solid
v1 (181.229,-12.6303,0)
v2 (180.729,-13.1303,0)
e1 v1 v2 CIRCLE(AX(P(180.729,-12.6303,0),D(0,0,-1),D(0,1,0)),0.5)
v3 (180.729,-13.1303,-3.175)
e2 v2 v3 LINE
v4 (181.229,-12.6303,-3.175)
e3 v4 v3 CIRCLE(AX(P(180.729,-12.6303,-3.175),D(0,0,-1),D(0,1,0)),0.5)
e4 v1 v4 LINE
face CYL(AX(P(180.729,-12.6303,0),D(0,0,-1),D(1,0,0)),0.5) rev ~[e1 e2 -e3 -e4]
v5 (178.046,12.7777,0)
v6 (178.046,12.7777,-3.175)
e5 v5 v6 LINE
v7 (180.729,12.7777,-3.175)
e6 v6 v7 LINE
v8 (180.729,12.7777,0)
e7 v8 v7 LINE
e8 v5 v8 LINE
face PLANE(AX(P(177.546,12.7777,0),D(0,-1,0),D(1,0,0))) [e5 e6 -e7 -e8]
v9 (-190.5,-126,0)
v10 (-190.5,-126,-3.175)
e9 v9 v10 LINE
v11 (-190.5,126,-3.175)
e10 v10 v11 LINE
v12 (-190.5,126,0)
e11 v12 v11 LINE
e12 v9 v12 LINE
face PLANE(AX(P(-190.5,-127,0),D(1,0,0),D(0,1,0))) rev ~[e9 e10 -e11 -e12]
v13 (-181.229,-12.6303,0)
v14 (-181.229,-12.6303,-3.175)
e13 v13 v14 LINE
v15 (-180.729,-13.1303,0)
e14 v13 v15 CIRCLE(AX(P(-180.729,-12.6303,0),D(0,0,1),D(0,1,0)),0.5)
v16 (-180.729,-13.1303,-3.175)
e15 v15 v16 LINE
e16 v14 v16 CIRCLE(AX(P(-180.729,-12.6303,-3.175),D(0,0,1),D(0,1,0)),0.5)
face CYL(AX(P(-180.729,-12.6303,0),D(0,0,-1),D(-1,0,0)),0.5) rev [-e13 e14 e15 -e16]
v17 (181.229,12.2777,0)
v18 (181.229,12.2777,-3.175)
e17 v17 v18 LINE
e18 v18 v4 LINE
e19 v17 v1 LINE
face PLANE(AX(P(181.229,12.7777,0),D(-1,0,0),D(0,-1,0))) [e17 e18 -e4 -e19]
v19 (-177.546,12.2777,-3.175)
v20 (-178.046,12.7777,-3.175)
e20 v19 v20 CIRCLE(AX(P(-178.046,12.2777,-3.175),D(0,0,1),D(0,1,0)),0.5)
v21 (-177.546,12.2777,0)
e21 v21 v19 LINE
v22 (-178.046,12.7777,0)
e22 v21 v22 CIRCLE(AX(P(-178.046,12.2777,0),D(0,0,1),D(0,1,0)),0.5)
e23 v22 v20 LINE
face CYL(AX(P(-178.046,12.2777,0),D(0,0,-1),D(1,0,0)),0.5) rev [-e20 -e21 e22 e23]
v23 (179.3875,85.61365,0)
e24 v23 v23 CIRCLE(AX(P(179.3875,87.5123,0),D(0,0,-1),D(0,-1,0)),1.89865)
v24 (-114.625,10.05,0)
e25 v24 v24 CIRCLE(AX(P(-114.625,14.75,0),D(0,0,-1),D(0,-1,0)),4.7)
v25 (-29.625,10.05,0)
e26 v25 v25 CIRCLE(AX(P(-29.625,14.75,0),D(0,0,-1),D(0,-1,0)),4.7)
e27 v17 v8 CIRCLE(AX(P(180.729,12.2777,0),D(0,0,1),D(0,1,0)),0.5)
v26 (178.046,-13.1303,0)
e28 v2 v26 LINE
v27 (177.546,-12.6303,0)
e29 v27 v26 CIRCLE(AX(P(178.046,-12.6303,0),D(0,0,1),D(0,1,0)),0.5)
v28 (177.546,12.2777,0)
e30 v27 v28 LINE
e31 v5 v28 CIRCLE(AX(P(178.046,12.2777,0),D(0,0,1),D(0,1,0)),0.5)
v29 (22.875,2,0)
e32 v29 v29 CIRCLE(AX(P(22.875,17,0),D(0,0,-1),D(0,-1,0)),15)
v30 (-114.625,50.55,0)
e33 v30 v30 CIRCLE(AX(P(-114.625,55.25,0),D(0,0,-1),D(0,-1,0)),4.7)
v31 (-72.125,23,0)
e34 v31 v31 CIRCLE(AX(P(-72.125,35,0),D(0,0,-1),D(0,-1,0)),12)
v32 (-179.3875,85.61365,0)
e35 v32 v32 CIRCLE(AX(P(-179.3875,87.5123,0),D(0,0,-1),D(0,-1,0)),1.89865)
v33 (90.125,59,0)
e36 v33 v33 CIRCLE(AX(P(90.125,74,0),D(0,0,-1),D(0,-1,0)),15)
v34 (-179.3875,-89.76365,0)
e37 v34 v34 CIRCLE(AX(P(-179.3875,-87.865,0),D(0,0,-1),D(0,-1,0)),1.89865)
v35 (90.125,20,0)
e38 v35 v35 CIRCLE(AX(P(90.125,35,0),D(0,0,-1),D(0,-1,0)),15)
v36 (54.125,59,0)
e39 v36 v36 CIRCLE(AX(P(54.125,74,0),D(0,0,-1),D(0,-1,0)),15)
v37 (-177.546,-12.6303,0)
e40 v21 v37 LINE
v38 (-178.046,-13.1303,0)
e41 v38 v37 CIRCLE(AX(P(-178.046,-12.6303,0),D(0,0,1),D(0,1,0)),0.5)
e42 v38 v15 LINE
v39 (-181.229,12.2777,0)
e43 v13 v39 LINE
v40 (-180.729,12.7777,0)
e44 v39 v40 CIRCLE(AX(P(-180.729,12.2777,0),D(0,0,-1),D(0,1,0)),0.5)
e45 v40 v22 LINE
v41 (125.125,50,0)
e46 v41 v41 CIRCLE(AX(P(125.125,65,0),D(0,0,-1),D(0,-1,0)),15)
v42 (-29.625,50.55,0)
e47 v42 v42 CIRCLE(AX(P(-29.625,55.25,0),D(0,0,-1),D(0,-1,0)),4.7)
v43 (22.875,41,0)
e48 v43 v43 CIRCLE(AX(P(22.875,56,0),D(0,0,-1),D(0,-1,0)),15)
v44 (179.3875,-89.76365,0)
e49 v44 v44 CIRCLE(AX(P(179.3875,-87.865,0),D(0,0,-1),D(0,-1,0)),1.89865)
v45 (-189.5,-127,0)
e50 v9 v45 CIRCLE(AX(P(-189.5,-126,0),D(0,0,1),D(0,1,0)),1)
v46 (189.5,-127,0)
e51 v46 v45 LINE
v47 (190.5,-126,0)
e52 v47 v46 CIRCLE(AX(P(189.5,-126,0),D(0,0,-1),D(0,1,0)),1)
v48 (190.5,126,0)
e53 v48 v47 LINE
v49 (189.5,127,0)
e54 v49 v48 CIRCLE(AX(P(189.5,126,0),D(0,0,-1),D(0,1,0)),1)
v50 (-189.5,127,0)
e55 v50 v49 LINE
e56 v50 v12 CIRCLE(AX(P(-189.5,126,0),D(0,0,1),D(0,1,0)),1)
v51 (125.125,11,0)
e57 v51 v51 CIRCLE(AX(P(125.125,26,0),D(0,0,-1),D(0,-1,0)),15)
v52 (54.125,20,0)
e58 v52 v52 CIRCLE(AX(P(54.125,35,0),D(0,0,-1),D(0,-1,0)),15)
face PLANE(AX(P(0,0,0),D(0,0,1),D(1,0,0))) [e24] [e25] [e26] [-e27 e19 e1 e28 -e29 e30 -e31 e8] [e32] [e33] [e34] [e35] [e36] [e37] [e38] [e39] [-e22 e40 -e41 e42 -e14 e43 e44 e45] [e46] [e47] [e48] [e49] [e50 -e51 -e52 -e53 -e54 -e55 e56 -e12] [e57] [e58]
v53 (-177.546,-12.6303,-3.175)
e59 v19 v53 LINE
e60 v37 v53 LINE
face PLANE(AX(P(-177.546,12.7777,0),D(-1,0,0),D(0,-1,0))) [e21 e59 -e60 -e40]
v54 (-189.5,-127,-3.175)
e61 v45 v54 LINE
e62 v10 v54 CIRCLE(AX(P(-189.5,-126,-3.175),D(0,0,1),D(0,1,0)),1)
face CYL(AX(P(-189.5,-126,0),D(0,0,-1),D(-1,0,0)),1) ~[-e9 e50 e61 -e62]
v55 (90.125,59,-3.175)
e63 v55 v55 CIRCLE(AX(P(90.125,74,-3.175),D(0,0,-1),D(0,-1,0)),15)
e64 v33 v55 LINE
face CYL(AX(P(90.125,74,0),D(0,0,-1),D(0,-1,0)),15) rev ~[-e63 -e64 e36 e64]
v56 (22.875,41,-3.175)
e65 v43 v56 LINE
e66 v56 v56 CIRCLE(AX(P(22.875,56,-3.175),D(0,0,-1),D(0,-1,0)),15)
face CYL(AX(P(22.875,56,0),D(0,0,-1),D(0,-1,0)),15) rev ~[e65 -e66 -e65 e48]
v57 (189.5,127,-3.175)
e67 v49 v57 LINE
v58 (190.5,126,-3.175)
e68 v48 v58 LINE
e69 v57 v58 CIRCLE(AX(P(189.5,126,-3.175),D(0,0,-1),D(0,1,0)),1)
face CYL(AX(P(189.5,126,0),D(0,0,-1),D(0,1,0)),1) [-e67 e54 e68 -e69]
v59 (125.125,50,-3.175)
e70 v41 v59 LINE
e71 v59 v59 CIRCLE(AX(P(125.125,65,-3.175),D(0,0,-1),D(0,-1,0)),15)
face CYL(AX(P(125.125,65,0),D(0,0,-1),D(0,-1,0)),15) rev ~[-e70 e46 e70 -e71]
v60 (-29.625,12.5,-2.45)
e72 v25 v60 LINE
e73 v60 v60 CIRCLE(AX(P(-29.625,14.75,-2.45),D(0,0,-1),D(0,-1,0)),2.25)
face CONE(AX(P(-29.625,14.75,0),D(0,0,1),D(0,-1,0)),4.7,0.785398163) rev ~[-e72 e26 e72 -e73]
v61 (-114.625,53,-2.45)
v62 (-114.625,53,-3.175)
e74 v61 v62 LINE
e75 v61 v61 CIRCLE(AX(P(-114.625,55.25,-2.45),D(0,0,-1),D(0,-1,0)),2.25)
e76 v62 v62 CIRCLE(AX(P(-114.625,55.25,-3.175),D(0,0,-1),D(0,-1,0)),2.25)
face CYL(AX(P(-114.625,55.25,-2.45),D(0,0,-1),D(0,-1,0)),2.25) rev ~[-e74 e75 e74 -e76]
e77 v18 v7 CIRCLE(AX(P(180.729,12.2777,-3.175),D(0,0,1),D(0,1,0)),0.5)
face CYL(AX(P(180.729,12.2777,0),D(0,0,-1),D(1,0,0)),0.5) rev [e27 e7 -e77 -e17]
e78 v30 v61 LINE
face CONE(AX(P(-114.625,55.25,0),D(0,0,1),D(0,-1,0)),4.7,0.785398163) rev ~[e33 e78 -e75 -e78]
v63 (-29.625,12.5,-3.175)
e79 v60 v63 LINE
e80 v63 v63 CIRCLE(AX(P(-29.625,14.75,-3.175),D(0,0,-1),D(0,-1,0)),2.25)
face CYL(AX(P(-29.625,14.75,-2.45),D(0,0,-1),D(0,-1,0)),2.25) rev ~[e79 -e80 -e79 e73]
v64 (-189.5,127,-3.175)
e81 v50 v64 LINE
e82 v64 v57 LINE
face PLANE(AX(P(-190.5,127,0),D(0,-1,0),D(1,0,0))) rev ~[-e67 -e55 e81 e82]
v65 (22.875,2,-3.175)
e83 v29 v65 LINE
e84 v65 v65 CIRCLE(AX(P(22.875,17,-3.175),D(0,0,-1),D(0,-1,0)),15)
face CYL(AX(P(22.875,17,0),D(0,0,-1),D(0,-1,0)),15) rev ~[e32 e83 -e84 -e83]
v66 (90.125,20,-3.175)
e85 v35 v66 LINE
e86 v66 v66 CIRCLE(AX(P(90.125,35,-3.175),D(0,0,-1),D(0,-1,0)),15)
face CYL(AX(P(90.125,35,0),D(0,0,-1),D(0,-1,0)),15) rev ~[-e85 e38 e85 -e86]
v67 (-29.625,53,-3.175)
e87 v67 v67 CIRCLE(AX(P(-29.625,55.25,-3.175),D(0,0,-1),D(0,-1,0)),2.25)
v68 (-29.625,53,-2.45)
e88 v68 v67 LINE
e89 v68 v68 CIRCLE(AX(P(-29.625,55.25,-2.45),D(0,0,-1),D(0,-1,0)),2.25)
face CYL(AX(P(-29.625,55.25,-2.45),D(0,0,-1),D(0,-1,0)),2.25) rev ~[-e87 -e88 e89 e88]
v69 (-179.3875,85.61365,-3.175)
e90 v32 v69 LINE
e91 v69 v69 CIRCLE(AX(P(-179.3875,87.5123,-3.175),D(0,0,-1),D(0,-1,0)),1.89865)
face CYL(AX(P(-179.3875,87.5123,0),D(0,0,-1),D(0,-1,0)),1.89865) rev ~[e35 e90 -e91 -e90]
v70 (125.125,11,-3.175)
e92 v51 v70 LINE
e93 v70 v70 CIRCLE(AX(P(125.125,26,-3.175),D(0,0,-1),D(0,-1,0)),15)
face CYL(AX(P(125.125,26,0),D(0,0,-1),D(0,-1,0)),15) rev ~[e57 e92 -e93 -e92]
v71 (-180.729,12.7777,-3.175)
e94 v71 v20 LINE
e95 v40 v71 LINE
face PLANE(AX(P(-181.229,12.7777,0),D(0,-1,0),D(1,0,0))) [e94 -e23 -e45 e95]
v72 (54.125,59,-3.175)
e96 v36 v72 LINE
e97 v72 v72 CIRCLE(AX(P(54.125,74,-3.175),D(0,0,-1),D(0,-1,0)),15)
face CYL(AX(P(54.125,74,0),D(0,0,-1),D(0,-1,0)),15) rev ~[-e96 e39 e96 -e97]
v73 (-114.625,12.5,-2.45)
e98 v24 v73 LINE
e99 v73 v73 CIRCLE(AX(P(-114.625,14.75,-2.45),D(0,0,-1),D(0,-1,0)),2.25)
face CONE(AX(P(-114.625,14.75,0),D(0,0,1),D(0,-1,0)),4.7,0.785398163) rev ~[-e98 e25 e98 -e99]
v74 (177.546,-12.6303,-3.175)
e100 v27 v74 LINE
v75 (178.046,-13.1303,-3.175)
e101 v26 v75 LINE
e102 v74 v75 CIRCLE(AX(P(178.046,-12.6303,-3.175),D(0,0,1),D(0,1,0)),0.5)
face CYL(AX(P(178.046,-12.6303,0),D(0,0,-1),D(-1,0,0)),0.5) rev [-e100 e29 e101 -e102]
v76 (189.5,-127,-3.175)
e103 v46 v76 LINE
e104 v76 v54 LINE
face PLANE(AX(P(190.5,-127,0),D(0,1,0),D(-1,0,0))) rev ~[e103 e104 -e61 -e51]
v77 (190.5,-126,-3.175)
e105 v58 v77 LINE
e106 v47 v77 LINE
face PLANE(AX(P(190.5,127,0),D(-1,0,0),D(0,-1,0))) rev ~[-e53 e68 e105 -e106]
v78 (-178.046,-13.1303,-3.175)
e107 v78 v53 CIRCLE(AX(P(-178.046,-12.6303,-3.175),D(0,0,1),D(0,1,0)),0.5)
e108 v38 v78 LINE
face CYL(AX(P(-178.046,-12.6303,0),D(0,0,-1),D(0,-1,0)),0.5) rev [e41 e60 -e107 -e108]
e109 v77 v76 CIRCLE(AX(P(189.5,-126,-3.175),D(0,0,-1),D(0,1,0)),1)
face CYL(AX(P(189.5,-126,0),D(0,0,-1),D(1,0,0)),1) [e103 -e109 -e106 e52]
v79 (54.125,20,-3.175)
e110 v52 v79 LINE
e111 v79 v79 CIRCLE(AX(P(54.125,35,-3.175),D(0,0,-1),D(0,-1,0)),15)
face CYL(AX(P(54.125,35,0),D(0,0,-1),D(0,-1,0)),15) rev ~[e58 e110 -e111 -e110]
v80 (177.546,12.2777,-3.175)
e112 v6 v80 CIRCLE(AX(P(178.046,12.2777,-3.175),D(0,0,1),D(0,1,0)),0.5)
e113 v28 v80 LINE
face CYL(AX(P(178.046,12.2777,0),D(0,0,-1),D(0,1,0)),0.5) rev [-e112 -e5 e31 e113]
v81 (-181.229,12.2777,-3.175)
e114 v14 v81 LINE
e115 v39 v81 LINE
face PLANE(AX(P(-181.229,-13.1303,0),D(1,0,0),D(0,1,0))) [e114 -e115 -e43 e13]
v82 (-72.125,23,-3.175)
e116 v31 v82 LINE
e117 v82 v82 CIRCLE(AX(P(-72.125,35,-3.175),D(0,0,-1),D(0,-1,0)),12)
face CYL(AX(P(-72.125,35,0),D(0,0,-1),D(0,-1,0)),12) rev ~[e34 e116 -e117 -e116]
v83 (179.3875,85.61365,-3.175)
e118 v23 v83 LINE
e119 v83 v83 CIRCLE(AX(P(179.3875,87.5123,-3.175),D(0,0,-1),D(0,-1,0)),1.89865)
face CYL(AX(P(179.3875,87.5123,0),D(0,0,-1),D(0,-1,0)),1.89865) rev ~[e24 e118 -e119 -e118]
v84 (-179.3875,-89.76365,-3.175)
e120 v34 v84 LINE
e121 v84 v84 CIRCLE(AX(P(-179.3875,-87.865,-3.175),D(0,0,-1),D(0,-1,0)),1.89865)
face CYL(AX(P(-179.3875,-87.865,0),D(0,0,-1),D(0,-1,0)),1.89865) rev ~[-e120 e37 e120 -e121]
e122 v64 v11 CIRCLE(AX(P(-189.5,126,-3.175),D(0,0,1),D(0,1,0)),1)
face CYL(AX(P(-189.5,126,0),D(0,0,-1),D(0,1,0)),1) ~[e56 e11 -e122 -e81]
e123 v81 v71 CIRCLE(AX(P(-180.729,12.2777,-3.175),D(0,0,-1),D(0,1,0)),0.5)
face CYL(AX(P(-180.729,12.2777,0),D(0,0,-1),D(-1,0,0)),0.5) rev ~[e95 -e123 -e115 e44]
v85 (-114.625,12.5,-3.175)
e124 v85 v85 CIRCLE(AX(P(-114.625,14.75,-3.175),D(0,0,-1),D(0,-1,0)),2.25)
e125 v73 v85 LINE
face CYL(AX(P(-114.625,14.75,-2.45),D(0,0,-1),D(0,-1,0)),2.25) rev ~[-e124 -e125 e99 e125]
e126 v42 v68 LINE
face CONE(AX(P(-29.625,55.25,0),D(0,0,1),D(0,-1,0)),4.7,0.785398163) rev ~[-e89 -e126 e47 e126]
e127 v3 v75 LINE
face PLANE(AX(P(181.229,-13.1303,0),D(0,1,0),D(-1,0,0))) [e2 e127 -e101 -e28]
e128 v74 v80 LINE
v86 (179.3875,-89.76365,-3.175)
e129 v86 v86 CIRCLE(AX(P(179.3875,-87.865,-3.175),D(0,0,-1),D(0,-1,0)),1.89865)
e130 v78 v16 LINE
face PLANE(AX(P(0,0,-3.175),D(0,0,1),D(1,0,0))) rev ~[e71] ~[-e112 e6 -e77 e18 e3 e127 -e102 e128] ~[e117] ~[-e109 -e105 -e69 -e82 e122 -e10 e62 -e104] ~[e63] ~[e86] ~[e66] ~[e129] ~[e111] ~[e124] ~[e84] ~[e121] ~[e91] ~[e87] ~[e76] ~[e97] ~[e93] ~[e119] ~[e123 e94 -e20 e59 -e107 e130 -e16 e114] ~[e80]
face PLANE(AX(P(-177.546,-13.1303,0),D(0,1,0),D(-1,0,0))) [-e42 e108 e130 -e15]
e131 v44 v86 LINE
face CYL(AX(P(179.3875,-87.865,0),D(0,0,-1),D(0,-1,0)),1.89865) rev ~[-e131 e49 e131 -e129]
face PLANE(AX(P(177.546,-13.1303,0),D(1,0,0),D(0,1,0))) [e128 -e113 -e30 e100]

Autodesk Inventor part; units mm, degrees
ref_plane "YZ Plane" through (0, 0, 0) normal (1, 0, 0) x (0, 1, 0)
ref_plane "XZ Plane" through (0, 0, 0) normal (0, 1, 0) x (-1, 0, 0)
ref_plane "XY Plane" through (0, 0, 0) normal (0, 0, 1) x (1, 0, 0)
sketch "Panel" plane through (0, 0, 0) normal (0, 0, 1) x (1, 0, 0)
  line L0 (-190.5, 127) -> (190.5, 127)
  line L1 (190.5, 127) -> (190.5, -127)
  line L2 (190.5, -127) -> (-190.5, -127)
  line L3 (-190.5, -127) -> (-190.5, 127)
  point P0 (0, 0)
  point P1 (-190.5, 0)
  point P2 (0, 127)
  dimension "d0" = 254
  dimension "d3" = 381
sketch "JoystickMount" plane through (0, 0, 0) normal (0, 0, 1) x (1, 0, 0)
  line L0 (-114.625, 55.25) -> (-114.625, 14.75) construction
  line L1 (-114.625, 14.75) -> (-29.625, 14.75) construction
  point P0 (0, 0)
  point P1 (-72.125, 35)
  point P2 (-29.625, 55.25)
  point P3 (-114.625, 35)
  point P4 (-72.125, 14.75)
  dimension "d4" = 40.5
  dimension "d6" = 85
  dimension "d19" = 35
  dimension "d45" = 72.125
sketch "ButtonMounts" plane through (0, 0, 0) normal (0, 0, 1) x (1, 0, 0)
  line L0 (54.125, 74) -> (54.125, 35) construction
  line L1 (54.125, 35) -> (90.125, 35) construction
  point P0 (0, 0)
  point P1 (22.875, 56)
  point P2 (22.875, 17)
  point P3 (90.125, 74)
  point P4 (125.125, 65)
  point P5 (125.125, 26)
  point P6 (-72.125, 35)
  point P7 (72.125, 54.5)
  point P8 (54.125, 54.5)
  point P9 (72.125, 35)
  dimension "d7" = 39
  dimension "d9" = 39
  dimension "d10" = 39
  dimension "d11" = 39
  dimension "d12" = 31.25
  dimension "d13" = 36
  dimension "d14" = 35
  dimension "d15" = 18
  dimension "d16" = 9
  dimension "d55" = 144.25
  dimension "d56" = 72.125
extrude "PanelExtrusion" add sketch "Panel" against normal blind 3.175
hole "JoystickScrews" at (-29.625, 14.75, 0) at (-29.625, 55.25, 0) at (-114.625, 55.25, 0) at (-114.625, 14.75, 0) direction (0, 0, -1) diameter 4.5 end through all countersink diameter 9.4 countersink angle 90 clearance for "Flat Head Machine Screw" size "M4" standard "Ansi Metric M Profile"
hole "JoystickShaft" at (-72.125, 35, 0) direction (0, 0, -1) diameter 24 end through all
hole "ButtonHoles" at (125.125, 26, 0) at (90.125, 35, 0) at (90.125, 74, 0) at (125.125, 65, 0) at (54.125, 74, 0) at (54.125, 35, 0) at (22.875, 56, 0) at (22.875, 17, 0) direction (0, 0, -1) diameter 30 end through all
fillet "Corners" radius 1 4 edges at (190.5, 127, -1.5875) (190.5, -127, -1.5875) (-190.5, 127, -1.5875) (-190.5, -127, -1.5875)
ref_plane "10DegOffsetAlignment" through (190.5, -127, -3.175) normal (0, -0.9848, 0.1736) x (-1, 0, 0)
sketch "ScrewHoleCenters" plane through (0, 0, 0) normal (0, 0, 1) x (1, 0, 0)
  line L0 (-190.5, -126) -> (-190.5, 126) projected
  line L1 (-177.8, 89.411) -> (-180.975, 89.411) projected
  line L2 (-180.975, 85.6137) -> (-177.8, 85.6137) projected
  line L3 (-177.8, -85.9663) -> (-180.975, -85.9663) projected
  line L4 (-180.975, -89.7636) -> (-177.8, -89.7636) projected
  line L5 (177.8, -89.7636) -> (180.975, -89.7636) projected
  line L6 (180.975, -85.9663) -> (177.8, -85.9663) projected
  line L7 (177.8, 85.6137) -> (180.975, 85.6137) projected
  line L8 (180.975, 89.411) -> (177.8, 89.411) projected
  line L9 (-180.975, 89.411) -> (-180.975, 85.6137) construction
  line L10 (-177.8, 85.6137) -> (-177.8, 89.411) construction
  line L11 (-180.975, -85.9663) -> (-180.975, -89.7636) construction
  line L12 (-177.8, -89.7636) -> (-177.8, -85.9663) construction
  line L13 (177.8, -89.7636) -> (177.8, -85.9663) construction
  line L14 (180.975, -85.9663) -> (180.975, -89.7636) construction
  line L15 (177.8, 85.6137) -> (177.8, 89.411) construction
  line L16 (180.975, 89.411) -> (180.975, 85.6137) construction
  point P0 (0, 0)
  point P1 (-179.3875, 87.5123)
  point P2 (-177.8, 87.5123)
  point P3 (-179.3875, 85.6137)
  point P4 (-179.3875, -87.865)
  point P5 (179.3875, -87.865)
  point P6 (179.3875, 87.5123)
  point P7 (-179.3875, -89.7636)
  point P8 (-180.975, -87.865)
  point P9 (177.8, -87.865)
  point P10 (179.3875, -89.7636)
  point P11 (179.3875, 85.6137)
  point P12 (177.8, 87.5123)
hole "PanelBoltHoles" at (-179.3875, 87.5123, 0) at (-179.3875, -87.865, 0) at (179.3875, -87.865, 0) at (179.3875, 87.5123, 0) direction (0, 0, -1) diameter 3.7973 end through all
sketch "TabSlotSketch" plane through (0, 0, 0) normal (0, 0, 1) x (1, 0, 0)
  circle A0 centre (179.3875, -87.865) radius 1.8986 projected
  circle A1 centre (-179.3875, 87.5123) radius 1.8986 projected
  circle A2 centre (-179.3875, -87.865) radius 1.8986 projected
  circle A3 centre (179.3875, 87.5123) radius 1.8986 projected
  line L0 (190.5, 126) -> (190.5, -126) projected
  line L1 (-190.5, -126) -> (-190.5, 126) projected
  line L2 (-179.3875, 87.5123) -> (-179.3875, -87.865) construction
  line L3 (179.3875, 87.5123) -> (179.3875, -87.865) construction
  line L4 (-181.229, 12.7777) -> (-177.546, 12.7777)
  line L5 (-177.546, 12.7777) -> (-177.546, -13.1303)
  line L6 (-177.546, -13.1303) -> (-181.229, -13.1303)
  line L7 (-181.229, -13.1303) -> (-181.229, 12.7777)
  line L8 (181.229, -13.1303) -> (177.546, -13.1303)
  line L9 (177.546, -13.1303) -> (177.546, 12.7777)
  line L10 (177.546, 12.7777) -> (181.229, 12.7777)
  line L11 (181.229, 12.7777) -> (181.229, -13.1303)
  point P0 (0, 0)
  point P1 (-179.3875, -0.1763)
  point P2 (-181.229, -0.1763)
  point P3 (-179.3875, -13.1303)
  point P4 (179.3875, -0.1763)
  point P5 (181.229, -0.1763)
  point P6 (179.3875, 12.7777)
  point P7 (-179.3875, -0.1763)
  point P8 (179.3875, -0.1763)
  dimension "d66" = 25.908
  dimension "d68" = 3.683
  dimension "d69" = 25.908
  dimension "d70" = 3.683
extrude "TabSlotExtrusion" cut sketch "TabSlotSketch" against normal blind 3.175 contours L4 L5 L6 L7 | L8 L9 L10 L11
fillet "TabSlotFillets" radius 0.5 8 edges at (-177.546, 12.7777, -1.5875) (-181.229, 12.7777, -1.5875) (-177.546, -13.1303, -1.5875) (-181.229, -13.1303, -1.5875) (181.229, 12.7777, -1.5875) (177.546, 12.7777, -1.5875) (177.546, -13.1303, -1.5875) (181.229, -13.1303, -1.5875)
equation "\"d45\" = 0.5 * d55"
equation "\"d59\" = ScrewHoleD"
equation "\"d66\" = SlotLength"
equation "\"d68\" = SlotWidth"
equation "\"d69\" = SlotLength"
equation "\"d70\" = SlotWidth"
equation "\"d73\" = SlotFilletRad"
equation "\"ScrewHoleD\" = 3.7973"
equation "\"SlotLength\" = 25.908"
equation "\"SlotWidth\" = 3.683"
equation "\"SlotFilletRad\" = 0.5"
properties part number "Panel_top_2" material "Aluminum"
